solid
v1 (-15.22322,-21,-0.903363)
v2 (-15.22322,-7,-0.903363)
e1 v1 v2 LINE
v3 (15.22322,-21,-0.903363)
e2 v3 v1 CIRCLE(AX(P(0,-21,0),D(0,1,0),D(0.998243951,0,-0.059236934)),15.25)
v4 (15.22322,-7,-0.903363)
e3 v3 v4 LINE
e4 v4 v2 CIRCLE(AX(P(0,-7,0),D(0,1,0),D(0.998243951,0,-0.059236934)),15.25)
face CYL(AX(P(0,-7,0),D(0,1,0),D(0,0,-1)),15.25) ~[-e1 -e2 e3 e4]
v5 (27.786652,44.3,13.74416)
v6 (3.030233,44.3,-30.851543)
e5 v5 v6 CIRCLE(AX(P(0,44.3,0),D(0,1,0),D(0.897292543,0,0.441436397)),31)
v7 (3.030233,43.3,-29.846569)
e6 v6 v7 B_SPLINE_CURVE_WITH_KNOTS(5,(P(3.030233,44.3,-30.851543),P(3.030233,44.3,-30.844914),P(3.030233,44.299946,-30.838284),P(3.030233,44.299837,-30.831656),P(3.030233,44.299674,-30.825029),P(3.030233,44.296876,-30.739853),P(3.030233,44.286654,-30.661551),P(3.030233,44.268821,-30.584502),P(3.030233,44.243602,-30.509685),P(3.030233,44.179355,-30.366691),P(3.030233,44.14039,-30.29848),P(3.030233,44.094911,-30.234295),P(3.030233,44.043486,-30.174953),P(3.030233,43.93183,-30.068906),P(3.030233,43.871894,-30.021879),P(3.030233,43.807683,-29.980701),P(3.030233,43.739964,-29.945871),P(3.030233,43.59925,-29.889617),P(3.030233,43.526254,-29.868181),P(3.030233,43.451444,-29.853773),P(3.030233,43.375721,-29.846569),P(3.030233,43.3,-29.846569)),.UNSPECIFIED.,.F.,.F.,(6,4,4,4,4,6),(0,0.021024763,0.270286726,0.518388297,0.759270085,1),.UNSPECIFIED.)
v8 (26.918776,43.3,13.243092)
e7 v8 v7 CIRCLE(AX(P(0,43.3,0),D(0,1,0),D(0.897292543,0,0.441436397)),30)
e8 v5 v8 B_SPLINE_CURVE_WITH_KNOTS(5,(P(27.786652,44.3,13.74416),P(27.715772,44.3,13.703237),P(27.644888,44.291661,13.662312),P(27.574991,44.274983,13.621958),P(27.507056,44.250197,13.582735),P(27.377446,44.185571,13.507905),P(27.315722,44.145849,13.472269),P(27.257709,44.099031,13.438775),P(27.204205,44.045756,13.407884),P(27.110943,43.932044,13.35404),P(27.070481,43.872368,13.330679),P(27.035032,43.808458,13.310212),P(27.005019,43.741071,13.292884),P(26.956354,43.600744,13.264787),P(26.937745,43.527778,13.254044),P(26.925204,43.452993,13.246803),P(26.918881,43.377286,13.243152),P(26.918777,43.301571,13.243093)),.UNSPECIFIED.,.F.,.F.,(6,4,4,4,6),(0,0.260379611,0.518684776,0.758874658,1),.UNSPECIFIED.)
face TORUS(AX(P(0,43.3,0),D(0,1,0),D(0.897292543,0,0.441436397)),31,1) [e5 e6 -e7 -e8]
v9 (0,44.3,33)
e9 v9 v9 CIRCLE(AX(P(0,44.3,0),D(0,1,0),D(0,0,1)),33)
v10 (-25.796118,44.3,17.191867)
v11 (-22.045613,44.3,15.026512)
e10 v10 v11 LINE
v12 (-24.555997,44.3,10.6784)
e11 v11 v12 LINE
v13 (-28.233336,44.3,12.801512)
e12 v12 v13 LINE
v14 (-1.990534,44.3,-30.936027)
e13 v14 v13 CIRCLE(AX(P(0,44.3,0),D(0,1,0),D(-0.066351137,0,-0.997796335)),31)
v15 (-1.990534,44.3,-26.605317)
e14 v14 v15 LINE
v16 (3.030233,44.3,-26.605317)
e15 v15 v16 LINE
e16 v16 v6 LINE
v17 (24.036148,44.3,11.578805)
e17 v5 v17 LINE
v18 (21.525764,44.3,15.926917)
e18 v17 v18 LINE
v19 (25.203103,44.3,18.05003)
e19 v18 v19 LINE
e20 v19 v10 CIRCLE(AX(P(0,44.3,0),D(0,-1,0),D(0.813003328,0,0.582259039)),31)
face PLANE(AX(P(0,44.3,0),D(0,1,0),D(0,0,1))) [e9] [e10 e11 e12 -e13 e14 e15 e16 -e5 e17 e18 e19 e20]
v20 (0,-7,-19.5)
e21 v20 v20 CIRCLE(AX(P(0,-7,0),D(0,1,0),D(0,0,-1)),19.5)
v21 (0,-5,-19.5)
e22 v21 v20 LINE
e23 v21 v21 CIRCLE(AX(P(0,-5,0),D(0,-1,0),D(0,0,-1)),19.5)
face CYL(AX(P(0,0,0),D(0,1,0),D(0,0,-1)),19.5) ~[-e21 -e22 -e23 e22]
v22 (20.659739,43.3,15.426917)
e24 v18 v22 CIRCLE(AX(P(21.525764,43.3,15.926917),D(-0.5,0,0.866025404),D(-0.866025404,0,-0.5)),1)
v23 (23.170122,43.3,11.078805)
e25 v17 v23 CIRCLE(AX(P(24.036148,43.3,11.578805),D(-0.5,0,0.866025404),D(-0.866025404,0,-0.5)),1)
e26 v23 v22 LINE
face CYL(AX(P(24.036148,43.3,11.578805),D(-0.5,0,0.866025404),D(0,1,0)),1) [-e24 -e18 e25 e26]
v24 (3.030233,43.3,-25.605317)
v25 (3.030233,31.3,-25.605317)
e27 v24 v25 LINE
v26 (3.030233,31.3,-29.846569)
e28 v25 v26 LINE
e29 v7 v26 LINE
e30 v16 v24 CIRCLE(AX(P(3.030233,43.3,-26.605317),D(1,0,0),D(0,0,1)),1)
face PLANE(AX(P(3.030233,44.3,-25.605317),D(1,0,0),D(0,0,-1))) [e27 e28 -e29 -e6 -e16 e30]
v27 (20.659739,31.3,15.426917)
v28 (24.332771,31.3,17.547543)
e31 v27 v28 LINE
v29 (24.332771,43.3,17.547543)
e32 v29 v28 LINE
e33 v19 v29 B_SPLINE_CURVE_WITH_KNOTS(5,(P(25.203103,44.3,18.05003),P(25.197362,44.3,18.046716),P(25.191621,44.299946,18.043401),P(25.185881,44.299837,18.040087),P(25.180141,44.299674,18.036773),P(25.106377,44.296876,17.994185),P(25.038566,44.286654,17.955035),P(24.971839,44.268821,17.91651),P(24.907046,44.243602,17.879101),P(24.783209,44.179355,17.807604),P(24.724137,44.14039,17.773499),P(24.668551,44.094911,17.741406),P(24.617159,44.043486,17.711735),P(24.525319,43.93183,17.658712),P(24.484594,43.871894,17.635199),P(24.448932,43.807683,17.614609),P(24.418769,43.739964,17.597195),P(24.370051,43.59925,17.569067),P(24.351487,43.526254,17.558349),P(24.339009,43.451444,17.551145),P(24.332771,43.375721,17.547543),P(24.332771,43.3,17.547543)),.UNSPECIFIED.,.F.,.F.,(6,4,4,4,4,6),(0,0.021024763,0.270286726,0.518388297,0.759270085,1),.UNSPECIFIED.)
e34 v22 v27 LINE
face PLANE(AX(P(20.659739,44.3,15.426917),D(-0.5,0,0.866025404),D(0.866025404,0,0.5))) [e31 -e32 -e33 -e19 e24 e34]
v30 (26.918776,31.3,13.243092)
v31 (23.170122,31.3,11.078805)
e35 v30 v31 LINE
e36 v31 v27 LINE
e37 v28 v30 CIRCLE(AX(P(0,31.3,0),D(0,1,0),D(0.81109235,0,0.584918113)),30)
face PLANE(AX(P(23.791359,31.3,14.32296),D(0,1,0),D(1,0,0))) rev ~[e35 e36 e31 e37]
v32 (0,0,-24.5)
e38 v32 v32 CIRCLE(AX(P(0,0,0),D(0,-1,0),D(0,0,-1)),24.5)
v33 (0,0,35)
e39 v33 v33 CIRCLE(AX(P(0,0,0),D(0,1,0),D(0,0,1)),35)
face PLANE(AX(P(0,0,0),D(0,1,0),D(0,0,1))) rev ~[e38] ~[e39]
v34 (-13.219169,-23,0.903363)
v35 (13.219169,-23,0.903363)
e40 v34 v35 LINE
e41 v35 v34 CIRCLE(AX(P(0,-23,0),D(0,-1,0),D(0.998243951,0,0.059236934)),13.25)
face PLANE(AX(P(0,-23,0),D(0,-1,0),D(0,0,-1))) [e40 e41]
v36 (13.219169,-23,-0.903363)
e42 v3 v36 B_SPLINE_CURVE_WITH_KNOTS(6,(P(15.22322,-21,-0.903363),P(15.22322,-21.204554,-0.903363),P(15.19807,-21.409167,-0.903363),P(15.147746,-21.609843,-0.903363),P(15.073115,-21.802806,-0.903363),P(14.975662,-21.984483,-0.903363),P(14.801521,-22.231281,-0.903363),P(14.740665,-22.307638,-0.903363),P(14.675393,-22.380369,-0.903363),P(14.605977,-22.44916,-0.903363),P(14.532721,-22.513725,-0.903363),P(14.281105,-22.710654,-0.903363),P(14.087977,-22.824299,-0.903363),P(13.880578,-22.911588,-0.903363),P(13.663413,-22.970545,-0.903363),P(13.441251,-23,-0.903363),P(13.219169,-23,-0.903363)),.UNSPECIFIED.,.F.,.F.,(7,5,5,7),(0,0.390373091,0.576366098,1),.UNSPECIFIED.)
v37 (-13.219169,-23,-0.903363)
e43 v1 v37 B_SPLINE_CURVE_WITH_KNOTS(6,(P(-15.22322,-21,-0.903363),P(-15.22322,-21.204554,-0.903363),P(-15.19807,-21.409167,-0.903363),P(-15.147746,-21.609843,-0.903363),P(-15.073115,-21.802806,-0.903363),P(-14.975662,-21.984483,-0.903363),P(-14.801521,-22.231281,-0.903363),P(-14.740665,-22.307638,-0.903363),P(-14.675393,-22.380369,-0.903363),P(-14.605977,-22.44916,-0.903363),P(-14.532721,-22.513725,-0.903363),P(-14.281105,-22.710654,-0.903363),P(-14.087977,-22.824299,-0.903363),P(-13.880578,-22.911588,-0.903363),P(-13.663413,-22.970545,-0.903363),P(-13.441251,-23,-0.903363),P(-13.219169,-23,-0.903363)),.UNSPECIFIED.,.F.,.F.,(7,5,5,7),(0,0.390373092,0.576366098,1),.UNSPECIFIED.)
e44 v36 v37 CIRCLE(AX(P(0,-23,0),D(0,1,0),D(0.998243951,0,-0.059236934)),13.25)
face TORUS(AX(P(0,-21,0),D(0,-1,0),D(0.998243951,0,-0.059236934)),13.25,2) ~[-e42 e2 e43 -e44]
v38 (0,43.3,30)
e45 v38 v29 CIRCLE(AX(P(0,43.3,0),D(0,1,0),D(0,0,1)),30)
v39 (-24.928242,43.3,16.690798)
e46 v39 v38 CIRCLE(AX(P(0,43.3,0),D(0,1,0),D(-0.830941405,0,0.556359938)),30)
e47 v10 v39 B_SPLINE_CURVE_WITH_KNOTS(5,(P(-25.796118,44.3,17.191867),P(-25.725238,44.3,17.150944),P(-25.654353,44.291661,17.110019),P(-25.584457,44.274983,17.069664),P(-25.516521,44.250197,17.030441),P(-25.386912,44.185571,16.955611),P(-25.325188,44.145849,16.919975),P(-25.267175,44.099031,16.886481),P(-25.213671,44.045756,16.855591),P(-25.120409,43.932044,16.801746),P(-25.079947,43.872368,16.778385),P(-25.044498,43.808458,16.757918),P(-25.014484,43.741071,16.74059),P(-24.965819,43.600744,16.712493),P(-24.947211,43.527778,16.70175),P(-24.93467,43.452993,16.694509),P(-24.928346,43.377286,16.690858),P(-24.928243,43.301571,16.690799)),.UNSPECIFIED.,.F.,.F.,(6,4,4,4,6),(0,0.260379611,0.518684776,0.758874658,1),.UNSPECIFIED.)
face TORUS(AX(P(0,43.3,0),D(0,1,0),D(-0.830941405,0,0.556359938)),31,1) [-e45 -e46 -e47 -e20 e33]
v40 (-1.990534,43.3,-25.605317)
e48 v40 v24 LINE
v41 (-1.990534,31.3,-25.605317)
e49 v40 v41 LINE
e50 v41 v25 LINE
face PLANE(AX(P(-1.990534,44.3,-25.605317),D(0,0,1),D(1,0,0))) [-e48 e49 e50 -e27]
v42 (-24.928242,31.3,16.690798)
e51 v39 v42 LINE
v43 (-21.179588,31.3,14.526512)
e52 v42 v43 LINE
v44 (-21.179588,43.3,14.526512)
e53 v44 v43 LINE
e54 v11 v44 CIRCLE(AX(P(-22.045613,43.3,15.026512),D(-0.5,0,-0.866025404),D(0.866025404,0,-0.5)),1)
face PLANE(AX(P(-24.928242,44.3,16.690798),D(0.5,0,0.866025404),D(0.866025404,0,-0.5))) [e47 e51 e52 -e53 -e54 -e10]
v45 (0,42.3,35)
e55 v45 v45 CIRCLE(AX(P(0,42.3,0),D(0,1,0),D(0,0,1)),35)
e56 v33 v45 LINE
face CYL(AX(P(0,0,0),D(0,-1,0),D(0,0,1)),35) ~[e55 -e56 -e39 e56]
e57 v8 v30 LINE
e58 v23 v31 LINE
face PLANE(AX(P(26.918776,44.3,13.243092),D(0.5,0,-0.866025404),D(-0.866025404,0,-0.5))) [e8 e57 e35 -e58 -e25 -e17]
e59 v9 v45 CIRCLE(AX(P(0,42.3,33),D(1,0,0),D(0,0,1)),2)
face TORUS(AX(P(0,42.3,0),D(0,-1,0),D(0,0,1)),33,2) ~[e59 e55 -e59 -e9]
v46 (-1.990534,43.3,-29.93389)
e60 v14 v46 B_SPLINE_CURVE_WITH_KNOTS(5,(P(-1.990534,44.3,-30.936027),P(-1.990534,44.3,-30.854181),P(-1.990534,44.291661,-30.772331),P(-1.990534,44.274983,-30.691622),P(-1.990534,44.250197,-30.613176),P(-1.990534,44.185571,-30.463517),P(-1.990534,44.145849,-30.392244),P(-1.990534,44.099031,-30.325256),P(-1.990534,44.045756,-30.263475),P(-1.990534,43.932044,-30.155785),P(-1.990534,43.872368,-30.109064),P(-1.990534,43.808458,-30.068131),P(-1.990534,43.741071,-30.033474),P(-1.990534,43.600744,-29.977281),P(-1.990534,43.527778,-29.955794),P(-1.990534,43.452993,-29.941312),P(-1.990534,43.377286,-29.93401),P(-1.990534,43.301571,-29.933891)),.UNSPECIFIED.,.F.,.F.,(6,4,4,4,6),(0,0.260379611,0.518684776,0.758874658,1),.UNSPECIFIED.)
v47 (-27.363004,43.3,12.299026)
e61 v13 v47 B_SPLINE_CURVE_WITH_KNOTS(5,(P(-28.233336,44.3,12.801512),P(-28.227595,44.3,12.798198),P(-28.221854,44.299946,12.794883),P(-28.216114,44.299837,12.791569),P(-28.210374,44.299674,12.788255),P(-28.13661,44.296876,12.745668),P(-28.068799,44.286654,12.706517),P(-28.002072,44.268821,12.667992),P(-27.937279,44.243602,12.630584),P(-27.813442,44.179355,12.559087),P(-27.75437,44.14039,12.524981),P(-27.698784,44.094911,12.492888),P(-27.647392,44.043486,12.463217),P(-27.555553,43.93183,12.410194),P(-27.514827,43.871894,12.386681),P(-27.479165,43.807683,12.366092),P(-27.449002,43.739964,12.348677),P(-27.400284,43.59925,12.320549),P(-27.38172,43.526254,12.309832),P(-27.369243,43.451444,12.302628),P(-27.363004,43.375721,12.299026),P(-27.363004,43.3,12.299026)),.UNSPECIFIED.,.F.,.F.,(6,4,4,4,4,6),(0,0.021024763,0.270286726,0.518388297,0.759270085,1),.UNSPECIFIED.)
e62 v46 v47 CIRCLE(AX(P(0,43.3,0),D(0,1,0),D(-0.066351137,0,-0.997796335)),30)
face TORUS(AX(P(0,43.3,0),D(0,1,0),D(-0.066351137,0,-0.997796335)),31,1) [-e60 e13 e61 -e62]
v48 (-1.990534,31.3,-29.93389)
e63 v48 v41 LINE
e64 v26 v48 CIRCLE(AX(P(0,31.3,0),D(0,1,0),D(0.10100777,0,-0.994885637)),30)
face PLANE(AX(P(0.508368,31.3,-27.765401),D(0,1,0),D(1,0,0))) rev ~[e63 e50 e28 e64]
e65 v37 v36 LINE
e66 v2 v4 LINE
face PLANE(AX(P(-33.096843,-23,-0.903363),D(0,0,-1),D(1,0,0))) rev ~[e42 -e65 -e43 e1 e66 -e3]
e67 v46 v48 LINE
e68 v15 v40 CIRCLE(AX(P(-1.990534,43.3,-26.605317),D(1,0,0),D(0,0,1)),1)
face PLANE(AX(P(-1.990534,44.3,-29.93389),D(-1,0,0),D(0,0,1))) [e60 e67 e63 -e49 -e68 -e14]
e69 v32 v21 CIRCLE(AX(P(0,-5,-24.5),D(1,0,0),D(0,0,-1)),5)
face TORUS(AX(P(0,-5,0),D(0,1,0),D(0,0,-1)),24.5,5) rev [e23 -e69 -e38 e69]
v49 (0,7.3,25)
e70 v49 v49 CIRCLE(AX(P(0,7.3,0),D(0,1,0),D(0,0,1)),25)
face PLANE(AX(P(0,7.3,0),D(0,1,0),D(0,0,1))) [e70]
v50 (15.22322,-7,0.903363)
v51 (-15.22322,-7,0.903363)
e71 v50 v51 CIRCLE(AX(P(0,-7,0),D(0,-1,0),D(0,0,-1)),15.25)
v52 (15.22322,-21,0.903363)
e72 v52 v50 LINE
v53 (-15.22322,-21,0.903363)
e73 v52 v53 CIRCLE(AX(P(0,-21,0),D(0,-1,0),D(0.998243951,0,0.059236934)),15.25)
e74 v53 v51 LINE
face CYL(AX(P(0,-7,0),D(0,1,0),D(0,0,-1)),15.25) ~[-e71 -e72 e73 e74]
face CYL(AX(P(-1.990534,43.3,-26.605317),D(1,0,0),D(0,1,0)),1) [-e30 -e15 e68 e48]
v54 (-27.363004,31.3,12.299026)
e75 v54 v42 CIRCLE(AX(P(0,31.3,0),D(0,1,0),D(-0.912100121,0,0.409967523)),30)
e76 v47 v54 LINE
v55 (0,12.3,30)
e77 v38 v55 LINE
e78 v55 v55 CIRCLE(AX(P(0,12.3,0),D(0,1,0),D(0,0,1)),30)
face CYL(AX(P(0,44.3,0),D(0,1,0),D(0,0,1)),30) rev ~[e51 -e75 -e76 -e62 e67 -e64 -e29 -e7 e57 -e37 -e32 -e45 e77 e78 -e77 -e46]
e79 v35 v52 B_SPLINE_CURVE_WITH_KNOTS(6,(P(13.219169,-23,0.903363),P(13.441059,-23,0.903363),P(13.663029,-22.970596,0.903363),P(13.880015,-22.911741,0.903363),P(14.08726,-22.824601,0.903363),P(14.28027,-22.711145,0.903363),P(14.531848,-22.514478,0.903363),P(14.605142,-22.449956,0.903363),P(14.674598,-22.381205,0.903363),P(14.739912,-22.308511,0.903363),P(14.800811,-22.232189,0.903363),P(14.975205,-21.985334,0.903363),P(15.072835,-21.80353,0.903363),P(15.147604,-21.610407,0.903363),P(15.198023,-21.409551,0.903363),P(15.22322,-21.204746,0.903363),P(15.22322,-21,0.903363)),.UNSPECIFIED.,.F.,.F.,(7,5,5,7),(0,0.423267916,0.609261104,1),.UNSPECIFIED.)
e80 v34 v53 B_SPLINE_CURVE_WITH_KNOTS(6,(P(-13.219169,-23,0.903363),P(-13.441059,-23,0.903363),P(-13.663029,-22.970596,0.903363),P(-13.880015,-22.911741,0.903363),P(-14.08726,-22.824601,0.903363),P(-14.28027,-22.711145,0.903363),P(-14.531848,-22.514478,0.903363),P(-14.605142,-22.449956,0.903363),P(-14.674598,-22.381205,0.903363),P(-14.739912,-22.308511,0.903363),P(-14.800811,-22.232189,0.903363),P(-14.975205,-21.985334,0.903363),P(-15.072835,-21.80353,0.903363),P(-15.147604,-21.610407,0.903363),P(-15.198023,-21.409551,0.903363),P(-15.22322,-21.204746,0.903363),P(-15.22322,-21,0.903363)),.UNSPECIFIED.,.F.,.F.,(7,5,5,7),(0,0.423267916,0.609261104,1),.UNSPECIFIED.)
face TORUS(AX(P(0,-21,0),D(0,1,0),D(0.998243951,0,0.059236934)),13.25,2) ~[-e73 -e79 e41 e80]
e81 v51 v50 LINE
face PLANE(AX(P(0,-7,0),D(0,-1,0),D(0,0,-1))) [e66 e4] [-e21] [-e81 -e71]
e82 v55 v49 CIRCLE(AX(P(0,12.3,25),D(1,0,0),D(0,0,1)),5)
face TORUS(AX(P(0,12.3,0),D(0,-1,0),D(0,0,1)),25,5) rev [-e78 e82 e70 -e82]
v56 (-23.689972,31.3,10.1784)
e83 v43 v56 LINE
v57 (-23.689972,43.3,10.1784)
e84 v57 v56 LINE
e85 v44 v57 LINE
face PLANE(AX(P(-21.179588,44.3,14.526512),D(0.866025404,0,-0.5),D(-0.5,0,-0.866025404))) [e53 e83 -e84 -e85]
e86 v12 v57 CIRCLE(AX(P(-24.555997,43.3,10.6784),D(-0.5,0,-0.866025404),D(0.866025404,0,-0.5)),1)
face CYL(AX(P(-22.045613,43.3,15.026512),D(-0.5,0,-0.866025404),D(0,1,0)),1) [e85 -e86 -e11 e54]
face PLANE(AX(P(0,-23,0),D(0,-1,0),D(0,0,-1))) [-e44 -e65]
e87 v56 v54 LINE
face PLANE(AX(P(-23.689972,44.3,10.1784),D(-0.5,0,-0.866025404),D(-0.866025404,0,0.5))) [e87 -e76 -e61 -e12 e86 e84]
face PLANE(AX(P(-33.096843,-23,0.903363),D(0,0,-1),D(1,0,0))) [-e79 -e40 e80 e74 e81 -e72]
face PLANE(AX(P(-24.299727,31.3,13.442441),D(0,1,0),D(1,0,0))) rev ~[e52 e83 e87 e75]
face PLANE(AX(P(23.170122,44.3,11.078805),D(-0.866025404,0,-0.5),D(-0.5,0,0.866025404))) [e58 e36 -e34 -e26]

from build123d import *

# Parameters (mm, degrees)
SKETCH1_R           = 35
BOSS_EXTRUDE1_DEPTH = 44.3
SKETCH2_R           = 30
CUT_EXTRUDE1_DEPTH  = 37
SKETCH3_R           = 19.5
BOSS_EXTRUDE2_DEPTH = 7
SKETCH4_R           = 15.25
BOSS_EXTRUDE3_DEPTH = 16
FILLET1_R           = 5
BOSS_EXTRUDE4_DEPTH = 13
SKETCH7_W           = 66.193685288
SKETCH7_H           = 1.806726502
CUT_EXTRUDE2_DEPTH  = 16
FILLET2_R           = 2
FILLET3_R           = 5
FILLET4_R           = 2
FILLET5_R           = 1
FILLET6_R           = 1


with BuildPart() as part:
    # Sketch1 → Boss-Extrude1 (new body)
    with BuildSketch(Plane(origin=(0, 0, 0), x_dir=(1, 0, 0), z_dir=(0, 1, 0))):
        with Locations(Location((0, 0, 0), (0, 0, 270))):
            Circle(SKETCH1_R)
    extrude(amount=BOSS_EXTRUDE1_DEPTH)

    # Sketch2 → Cut-Extrude1 (cut)
    with BuildSketch(Plane(origin=(0, 44.3, 0), x_dir=(1, 0, 0), z_dir=(0, 1, 0))):
        with Locations(Location((0, 0, 0), (0, 0, 270))):
            Circle(SKETCH2_R)
    extrude(amount=-CUT_EXTRUDE1_DEPTH, mode=Mode.SUBTRACT)

    # Sketch3 → Boss-Extrude2 (add)
    with BuildSketch(Plane.XZ):
        with Locations(Location((0, 0, 0), (0, 0, 270))):
            Circle(SKETCH3_R)
    extrude(amount=BOSS_EXTRUDE2_DEPTH)

    # Sketch4 → Boss-Extrude3 (add)
    with BuildSketch(Plane.XZ.offset(7)):
        with Locations(Location((0, 0, 0), (0, 0, 270))):
            Circle(SKETCH4_R)
    extrude(amount=BOSS_EXTRUDE3_DEPTH)

    # Fillet1
    fillet1_edges = [part.edges().sort_by_distance(p)[0] for p in [
        (0, 0, 19.5),
    ]]
    fillet(fillet1_edges, radius=FILLET1_R)

    # Sketch5 → Boss-Extrude4 (add)
    with BuildSketch(Plane(origin=(0, 44.3, 0), x_dir=(1, 0, 0), z_dir=(0, 1, 0))):
        with BuildLine():
            Line((-1.990534123, 29.933890056), (-1.990534123, 25.605317076))
            Line((-1.990534123, 25.605317076), (3.030233114, 25.605317076))
            Line((3.030233114, 25.605317076), (3.030233114, 29.846569104))
            ThreePointArc((3.030233114, 29.846569104), (0.521679725, 29.995463828), (-1.990534123, 29.933890056))
        make_face()
        with BuildLine():
            Line((26.918776284, -13.243091911), (23.170122121, -11.07880542))
            Line((23.170122121, -11.07880542), (20.659738503, -15.426917394))
            Line((20.659738503, -15.426917394), (24.332770503, -17.547543408))
            ThreePointArc((24.332770503, -17.547543408), (25.715993811, -15.449519808), (26.918776284, -13.243091911))
        make_face()
        with BuildLine():
            Line((-24.928242161, -16.690798146), (-21.179587998, -14.526511655))
            Line((-21.179587998, -14.526511655), (-23.689971616, -10.178399682))
            Line((-23.689971616, -10.178399682), (-27.363003617, -12.299025696))
            ThreePointArc((-27.363003617, -12.299025696), (-26.237673536, -14.54594402), (-24.928242161, -16.690798146))
        make_face()
    extrude(amount=-BOSS_EXTRUDE4_DEPTH)

    # Sketch7 → Cut-Extrude2 (cut)
    with BuildSketch(Plane.XZ.offset(23)):
        Rectangle(SKETCH7_W, SKETCH7_H)
    extrude(amount=-CUT_EXTRUDE2_DEPTH, mode=Mode.SUBTRACT)

    # Fillet2
    fillet2_edges = [part.edges().sort_by_distance(p)[0] for p in [
        (0, -23, 15.25),
        (0, -23, -15.25),
    ]]
    fillet(fillet2_edges, radius=FILLET2_R)

    # Fillet3
    fillet3_edges = [part.edges().sort_by_distance(p)[0] for p in [
        (0, 7.3, -30),
    ]]
    fillet(fillet3_edges, radius=FILLET3_R)

    # Fillet4
    fillet4_edges = [part.edges().sort_by_distance(p)[0] for p in [
        (0, 44.3, -35),
    ]]
    fillet(fillet4_edges, radius=FILLET4_R)

    # Fillet5
    fillet5_edges = [part.edges().sort_by_distance(p)[0] for p in [
        (-25.715993811, 44.3, -15.449519808),
        (26.237673536, 44.3, -14.54594402),
        (-14.129332179, 44.3, 26.464352858),
    ]]
    fillet(fillet5_edges, radius=FILLET5_R)

    # Fillet6
    fillet6_edges = [part.edges().sort_by_distance(p)[0] for p in [
        (0.519849495, 44.3, -25.605317076),
        (21.914930312, 44.3, 13.252861407),
        (-22.434779807, 44.3, 12.352455669),
    ]]
    fillet(fillet6_edges, radius=FILLET6_R)


solid = part.part
